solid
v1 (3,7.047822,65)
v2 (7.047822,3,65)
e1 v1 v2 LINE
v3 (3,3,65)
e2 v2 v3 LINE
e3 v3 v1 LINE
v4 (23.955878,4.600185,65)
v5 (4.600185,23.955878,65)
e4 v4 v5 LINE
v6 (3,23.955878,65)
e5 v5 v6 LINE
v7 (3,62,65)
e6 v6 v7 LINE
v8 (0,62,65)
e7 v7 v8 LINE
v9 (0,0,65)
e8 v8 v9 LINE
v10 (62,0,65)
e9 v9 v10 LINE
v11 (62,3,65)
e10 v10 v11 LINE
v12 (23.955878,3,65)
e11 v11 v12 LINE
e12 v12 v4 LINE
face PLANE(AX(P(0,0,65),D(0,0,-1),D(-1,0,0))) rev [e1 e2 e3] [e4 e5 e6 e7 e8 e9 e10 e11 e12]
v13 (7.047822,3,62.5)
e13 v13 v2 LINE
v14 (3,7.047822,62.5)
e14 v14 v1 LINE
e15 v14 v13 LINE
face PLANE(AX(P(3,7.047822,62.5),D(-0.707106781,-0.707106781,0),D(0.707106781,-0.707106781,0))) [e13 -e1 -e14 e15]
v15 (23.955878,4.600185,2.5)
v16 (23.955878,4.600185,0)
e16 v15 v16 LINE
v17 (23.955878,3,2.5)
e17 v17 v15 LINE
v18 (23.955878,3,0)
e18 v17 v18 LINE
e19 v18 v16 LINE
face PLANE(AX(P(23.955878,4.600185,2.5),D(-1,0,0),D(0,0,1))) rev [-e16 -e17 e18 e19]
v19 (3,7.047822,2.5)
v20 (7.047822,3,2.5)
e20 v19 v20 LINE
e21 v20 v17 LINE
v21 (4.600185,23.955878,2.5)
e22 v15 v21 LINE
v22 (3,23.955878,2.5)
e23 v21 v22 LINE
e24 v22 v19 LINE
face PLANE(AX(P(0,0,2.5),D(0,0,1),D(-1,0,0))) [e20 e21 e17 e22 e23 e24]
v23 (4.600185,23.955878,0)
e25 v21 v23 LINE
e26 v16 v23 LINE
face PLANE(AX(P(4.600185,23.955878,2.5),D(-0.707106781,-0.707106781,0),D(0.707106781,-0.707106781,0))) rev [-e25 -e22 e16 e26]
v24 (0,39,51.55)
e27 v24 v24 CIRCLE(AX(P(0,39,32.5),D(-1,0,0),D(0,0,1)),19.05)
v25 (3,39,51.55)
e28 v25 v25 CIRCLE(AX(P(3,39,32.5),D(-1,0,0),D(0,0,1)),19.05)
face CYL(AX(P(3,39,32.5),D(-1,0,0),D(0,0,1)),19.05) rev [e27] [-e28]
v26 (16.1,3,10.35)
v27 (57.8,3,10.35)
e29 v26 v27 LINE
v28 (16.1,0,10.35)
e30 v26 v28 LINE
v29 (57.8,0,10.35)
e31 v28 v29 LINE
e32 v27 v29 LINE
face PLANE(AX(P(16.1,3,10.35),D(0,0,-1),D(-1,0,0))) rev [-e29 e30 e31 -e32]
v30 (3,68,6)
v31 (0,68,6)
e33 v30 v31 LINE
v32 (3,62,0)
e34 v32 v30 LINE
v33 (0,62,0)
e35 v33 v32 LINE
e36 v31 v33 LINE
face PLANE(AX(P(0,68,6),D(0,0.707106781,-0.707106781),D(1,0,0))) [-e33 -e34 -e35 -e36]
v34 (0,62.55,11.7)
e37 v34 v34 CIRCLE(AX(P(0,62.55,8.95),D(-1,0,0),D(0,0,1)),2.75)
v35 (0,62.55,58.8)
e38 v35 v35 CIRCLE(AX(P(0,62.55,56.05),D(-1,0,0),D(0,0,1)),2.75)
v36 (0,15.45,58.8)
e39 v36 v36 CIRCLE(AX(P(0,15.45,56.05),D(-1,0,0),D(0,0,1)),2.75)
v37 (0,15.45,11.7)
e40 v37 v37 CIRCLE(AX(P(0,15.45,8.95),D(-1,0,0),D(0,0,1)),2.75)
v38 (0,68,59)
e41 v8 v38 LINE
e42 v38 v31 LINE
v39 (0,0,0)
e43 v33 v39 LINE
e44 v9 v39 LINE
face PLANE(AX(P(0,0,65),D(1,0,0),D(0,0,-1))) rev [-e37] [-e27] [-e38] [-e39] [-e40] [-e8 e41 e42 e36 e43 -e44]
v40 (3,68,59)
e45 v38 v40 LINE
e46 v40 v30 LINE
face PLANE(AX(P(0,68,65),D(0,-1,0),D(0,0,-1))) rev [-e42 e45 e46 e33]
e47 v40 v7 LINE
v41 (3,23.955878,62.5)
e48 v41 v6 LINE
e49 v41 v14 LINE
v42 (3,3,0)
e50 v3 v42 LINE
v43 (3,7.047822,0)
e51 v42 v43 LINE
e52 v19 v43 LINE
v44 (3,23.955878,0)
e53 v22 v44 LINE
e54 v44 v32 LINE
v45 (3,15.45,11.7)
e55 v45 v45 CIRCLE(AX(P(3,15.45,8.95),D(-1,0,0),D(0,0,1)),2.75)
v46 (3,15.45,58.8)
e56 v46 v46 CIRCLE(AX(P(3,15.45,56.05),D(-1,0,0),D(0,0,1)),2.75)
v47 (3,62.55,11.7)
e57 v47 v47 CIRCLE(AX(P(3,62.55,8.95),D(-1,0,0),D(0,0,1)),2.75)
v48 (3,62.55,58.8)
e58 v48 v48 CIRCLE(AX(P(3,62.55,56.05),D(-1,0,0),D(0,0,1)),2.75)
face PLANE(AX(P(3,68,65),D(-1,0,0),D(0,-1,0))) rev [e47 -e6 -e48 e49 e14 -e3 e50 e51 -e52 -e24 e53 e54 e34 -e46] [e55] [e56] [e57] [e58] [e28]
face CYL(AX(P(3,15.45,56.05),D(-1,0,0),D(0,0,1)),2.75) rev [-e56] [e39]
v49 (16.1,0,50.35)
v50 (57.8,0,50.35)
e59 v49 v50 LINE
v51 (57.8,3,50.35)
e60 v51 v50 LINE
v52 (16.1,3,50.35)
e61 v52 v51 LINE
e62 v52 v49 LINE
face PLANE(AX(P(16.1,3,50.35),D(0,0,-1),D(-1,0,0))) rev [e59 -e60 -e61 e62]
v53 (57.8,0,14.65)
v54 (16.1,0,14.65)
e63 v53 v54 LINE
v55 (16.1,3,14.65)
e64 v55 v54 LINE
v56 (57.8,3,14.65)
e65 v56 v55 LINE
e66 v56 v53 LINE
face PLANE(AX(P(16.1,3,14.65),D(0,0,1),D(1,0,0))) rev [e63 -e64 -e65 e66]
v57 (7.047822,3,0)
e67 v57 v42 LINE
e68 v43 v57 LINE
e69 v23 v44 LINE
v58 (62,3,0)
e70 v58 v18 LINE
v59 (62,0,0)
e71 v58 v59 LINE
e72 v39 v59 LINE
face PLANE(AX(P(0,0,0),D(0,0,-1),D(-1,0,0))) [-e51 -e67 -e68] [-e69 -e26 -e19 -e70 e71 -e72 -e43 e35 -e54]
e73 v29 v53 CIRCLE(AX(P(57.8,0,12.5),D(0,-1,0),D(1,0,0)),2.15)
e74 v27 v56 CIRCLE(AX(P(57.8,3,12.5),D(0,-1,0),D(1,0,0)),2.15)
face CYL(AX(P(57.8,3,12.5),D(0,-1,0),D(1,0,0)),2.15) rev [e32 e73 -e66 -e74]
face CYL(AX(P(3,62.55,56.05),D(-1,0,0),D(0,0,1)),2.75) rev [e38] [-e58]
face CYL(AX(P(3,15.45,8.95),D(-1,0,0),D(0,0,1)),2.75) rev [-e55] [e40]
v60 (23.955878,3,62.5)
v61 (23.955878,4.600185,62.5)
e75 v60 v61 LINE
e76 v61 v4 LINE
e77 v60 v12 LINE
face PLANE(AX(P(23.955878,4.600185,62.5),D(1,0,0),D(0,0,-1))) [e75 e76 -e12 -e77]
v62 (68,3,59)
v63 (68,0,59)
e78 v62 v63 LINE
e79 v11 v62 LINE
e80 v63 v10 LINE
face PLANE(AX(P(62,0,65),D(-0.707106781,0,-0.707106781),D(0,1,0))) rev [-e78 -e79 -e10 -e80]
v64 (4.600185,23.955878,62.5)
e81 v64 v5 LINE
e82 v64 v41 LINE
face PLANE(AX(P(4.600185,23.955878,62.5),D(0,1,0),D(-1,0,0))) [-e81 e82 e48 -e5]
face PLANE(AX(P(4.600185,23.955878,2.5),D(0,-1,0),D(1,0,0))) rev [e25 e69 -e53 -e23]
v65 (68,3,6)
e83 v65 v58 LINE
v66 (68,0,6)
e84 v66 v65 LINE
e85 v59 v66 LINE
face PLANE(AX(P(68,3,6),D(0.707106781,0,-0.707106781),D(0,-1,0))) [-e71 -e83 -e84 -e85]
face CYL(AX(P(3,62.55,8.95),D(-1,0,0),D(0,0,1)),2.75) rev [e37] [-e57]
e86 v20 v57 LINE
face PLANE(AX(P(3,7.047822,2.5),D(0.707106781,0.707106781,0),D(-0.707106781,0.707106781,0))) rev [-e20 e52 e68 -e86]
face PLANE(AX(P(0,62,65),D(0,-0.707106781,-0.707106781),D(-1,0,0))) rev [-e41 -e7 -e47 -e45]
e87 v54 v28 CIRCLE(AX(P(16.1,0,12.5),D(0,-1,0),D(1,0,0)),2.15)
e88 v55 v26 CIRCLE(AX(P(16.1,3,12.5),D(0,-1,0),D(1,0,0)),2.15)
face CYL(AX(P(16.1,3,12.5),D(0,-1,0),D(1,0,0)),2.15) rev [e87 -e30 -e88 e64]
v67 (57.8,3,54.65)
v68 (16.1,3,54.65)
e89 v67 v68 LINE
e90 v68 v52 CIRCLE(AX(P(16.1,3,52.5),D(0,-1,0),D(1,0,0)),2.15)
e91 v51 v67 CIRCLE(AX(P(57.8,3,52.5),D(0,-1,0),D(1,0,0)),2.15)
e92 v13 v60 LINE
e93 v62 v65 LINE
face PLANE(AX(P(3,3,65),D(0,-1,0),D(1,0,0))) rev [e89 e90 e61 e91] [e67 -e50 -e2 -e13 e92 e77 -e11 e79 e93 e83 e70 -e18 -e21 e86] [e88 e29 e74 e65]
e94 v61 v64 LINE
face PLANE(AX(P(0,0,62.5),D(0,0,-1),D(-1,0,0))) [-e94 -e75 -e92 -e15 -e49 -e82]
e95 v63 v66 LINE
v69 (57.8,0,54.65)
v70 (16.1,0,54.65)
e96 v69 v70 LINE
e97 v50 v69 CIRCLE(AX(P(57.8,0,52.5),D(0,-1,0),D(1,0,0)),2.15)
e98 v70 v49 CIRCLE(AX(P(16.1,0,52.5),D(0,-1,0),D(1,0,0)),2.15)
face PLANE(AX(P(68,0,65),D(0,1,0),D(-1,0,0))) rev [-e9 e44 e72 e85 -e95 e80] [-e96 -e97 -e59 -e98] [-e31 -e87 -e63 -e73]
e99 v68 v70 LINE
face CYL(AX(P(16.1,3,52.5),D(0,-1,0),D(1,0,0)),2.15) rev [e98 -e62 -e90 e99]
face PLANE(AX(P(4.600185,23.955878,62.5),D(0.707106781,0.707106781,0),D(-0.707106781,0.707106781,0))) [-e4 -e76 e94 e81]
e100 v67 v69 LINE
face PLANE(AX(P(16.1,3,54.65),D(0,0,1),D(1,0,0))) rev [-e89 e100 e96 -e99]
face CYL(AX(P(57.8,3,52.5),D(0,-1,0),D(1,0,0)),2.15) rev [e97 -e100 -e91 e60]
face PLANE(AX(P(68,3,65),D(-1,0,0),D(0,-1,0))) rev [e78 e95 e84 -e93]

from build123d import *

# Parameters (mm, degrees)
BOSS_EXTRUDE1_DEPTH = 65
CHAMFER1_SIZE       = 6
BOSS_EXTRUDE2_DEPTH = 2.5
SKETCH3_R           = 19.05
SKETCH3_R_2         = 2.75
CUT_EXTRUDE1_DEPTH  = 3
CUT_EXTRUDE2_DEPTH  = 3


with BuildPart() as part:
    # Sketch1 → Boss-Extrude1 (new body)
    with BuildSketch(Plane.XY):
        Polygon((0, 0), (0, 68), (3, 68), (3, 3), (68, 3), (68, 0), align=None)
    extrude(amount=BOSS_EXTRUDE1_DEPTH)

    # Chamfer1
    chamfer1_edges = [part.edges().sort_by_distance(p)[0] for p in [
        (1.5, 68, 65),
        (1.5, 68, 0),
        (68, 1.5, 65),
        (68, 1.5, 0),
    ]]
    chamfer(chamfer1_edges, length=CHAMFER1_SIZE)

    # Sketch2 → Boss-Extrude2 (add)
    with BuildSketch(Plane.XY.offset(65)):
        Polygon((4.600185007, 23.955878092), (23.955878092, 4.600185007), (23.955878092, 3), (7.047822016, 3), (3, 7.047822016), (3, 23.955878092), align=None)
    boss_extrude2 = extrude(amount=-BOSS_EXTRUDE2_DEPTH)

    # Mirror1: Boss-Extrude2 across plane
    add(boss_extrude2.mirror(Plane.XY.offset(32.5)))

    # Sketch3 → Cut-Extrude1 (cut)
    with BuildSketch(Plane.ZY):
        with Locations((32.5, 39)):
            Circle(SKETCH3_R)
        with Locations((8.95, 62.55)):
            Circle(SKETCH3_R_2)
        with Locations((56.05, 62.55)):
            Circle(SKETCH3_R_2)
        with Locations((8.95, 15.45)):
            Circle(SKETCH3_R_2)
        with Locations((56.05, 15.45)):
            Circle(SKETCH3_R_2)
    extrude(amount=-CUT_EXTRUDE1_DEPTH, mode=Mode.SUBTRACT)

    # Sketch4 → Cut-Extrude2 (cut)
    with BuildSketch(Plane.XZ):
        with BuildLine():
            Line((16.1, 54.65), (57.8, 54.65))
            ThreePointArc((57.8, 54.65), (59.95, 52.5), (57.8, 50.35))
            Line((57.8, 50.35), (16.1, 50.35))
            ThreePointArc((16.1, 50.35), (13.95, 52.5), (16.1, 54.65))
        make_face()
        with BuildLine():
            Line((16.1, 14.65), (57.8, 14.65))
            ThreePointArc((57.8, 14.65), (59.95, 12.5), (57.8, 10.35))
            Line((57.8, 10.35), (16.1, 10.35))
            ThreePointArc((16.1, 10.35), (13.95, 12.5), (16.1, 14.65))
        make_face()
    extrude(amount=-CUT_EXTRUDE2_DEPTH, mode=Mode.SUBTRACT)


solid = part.part
